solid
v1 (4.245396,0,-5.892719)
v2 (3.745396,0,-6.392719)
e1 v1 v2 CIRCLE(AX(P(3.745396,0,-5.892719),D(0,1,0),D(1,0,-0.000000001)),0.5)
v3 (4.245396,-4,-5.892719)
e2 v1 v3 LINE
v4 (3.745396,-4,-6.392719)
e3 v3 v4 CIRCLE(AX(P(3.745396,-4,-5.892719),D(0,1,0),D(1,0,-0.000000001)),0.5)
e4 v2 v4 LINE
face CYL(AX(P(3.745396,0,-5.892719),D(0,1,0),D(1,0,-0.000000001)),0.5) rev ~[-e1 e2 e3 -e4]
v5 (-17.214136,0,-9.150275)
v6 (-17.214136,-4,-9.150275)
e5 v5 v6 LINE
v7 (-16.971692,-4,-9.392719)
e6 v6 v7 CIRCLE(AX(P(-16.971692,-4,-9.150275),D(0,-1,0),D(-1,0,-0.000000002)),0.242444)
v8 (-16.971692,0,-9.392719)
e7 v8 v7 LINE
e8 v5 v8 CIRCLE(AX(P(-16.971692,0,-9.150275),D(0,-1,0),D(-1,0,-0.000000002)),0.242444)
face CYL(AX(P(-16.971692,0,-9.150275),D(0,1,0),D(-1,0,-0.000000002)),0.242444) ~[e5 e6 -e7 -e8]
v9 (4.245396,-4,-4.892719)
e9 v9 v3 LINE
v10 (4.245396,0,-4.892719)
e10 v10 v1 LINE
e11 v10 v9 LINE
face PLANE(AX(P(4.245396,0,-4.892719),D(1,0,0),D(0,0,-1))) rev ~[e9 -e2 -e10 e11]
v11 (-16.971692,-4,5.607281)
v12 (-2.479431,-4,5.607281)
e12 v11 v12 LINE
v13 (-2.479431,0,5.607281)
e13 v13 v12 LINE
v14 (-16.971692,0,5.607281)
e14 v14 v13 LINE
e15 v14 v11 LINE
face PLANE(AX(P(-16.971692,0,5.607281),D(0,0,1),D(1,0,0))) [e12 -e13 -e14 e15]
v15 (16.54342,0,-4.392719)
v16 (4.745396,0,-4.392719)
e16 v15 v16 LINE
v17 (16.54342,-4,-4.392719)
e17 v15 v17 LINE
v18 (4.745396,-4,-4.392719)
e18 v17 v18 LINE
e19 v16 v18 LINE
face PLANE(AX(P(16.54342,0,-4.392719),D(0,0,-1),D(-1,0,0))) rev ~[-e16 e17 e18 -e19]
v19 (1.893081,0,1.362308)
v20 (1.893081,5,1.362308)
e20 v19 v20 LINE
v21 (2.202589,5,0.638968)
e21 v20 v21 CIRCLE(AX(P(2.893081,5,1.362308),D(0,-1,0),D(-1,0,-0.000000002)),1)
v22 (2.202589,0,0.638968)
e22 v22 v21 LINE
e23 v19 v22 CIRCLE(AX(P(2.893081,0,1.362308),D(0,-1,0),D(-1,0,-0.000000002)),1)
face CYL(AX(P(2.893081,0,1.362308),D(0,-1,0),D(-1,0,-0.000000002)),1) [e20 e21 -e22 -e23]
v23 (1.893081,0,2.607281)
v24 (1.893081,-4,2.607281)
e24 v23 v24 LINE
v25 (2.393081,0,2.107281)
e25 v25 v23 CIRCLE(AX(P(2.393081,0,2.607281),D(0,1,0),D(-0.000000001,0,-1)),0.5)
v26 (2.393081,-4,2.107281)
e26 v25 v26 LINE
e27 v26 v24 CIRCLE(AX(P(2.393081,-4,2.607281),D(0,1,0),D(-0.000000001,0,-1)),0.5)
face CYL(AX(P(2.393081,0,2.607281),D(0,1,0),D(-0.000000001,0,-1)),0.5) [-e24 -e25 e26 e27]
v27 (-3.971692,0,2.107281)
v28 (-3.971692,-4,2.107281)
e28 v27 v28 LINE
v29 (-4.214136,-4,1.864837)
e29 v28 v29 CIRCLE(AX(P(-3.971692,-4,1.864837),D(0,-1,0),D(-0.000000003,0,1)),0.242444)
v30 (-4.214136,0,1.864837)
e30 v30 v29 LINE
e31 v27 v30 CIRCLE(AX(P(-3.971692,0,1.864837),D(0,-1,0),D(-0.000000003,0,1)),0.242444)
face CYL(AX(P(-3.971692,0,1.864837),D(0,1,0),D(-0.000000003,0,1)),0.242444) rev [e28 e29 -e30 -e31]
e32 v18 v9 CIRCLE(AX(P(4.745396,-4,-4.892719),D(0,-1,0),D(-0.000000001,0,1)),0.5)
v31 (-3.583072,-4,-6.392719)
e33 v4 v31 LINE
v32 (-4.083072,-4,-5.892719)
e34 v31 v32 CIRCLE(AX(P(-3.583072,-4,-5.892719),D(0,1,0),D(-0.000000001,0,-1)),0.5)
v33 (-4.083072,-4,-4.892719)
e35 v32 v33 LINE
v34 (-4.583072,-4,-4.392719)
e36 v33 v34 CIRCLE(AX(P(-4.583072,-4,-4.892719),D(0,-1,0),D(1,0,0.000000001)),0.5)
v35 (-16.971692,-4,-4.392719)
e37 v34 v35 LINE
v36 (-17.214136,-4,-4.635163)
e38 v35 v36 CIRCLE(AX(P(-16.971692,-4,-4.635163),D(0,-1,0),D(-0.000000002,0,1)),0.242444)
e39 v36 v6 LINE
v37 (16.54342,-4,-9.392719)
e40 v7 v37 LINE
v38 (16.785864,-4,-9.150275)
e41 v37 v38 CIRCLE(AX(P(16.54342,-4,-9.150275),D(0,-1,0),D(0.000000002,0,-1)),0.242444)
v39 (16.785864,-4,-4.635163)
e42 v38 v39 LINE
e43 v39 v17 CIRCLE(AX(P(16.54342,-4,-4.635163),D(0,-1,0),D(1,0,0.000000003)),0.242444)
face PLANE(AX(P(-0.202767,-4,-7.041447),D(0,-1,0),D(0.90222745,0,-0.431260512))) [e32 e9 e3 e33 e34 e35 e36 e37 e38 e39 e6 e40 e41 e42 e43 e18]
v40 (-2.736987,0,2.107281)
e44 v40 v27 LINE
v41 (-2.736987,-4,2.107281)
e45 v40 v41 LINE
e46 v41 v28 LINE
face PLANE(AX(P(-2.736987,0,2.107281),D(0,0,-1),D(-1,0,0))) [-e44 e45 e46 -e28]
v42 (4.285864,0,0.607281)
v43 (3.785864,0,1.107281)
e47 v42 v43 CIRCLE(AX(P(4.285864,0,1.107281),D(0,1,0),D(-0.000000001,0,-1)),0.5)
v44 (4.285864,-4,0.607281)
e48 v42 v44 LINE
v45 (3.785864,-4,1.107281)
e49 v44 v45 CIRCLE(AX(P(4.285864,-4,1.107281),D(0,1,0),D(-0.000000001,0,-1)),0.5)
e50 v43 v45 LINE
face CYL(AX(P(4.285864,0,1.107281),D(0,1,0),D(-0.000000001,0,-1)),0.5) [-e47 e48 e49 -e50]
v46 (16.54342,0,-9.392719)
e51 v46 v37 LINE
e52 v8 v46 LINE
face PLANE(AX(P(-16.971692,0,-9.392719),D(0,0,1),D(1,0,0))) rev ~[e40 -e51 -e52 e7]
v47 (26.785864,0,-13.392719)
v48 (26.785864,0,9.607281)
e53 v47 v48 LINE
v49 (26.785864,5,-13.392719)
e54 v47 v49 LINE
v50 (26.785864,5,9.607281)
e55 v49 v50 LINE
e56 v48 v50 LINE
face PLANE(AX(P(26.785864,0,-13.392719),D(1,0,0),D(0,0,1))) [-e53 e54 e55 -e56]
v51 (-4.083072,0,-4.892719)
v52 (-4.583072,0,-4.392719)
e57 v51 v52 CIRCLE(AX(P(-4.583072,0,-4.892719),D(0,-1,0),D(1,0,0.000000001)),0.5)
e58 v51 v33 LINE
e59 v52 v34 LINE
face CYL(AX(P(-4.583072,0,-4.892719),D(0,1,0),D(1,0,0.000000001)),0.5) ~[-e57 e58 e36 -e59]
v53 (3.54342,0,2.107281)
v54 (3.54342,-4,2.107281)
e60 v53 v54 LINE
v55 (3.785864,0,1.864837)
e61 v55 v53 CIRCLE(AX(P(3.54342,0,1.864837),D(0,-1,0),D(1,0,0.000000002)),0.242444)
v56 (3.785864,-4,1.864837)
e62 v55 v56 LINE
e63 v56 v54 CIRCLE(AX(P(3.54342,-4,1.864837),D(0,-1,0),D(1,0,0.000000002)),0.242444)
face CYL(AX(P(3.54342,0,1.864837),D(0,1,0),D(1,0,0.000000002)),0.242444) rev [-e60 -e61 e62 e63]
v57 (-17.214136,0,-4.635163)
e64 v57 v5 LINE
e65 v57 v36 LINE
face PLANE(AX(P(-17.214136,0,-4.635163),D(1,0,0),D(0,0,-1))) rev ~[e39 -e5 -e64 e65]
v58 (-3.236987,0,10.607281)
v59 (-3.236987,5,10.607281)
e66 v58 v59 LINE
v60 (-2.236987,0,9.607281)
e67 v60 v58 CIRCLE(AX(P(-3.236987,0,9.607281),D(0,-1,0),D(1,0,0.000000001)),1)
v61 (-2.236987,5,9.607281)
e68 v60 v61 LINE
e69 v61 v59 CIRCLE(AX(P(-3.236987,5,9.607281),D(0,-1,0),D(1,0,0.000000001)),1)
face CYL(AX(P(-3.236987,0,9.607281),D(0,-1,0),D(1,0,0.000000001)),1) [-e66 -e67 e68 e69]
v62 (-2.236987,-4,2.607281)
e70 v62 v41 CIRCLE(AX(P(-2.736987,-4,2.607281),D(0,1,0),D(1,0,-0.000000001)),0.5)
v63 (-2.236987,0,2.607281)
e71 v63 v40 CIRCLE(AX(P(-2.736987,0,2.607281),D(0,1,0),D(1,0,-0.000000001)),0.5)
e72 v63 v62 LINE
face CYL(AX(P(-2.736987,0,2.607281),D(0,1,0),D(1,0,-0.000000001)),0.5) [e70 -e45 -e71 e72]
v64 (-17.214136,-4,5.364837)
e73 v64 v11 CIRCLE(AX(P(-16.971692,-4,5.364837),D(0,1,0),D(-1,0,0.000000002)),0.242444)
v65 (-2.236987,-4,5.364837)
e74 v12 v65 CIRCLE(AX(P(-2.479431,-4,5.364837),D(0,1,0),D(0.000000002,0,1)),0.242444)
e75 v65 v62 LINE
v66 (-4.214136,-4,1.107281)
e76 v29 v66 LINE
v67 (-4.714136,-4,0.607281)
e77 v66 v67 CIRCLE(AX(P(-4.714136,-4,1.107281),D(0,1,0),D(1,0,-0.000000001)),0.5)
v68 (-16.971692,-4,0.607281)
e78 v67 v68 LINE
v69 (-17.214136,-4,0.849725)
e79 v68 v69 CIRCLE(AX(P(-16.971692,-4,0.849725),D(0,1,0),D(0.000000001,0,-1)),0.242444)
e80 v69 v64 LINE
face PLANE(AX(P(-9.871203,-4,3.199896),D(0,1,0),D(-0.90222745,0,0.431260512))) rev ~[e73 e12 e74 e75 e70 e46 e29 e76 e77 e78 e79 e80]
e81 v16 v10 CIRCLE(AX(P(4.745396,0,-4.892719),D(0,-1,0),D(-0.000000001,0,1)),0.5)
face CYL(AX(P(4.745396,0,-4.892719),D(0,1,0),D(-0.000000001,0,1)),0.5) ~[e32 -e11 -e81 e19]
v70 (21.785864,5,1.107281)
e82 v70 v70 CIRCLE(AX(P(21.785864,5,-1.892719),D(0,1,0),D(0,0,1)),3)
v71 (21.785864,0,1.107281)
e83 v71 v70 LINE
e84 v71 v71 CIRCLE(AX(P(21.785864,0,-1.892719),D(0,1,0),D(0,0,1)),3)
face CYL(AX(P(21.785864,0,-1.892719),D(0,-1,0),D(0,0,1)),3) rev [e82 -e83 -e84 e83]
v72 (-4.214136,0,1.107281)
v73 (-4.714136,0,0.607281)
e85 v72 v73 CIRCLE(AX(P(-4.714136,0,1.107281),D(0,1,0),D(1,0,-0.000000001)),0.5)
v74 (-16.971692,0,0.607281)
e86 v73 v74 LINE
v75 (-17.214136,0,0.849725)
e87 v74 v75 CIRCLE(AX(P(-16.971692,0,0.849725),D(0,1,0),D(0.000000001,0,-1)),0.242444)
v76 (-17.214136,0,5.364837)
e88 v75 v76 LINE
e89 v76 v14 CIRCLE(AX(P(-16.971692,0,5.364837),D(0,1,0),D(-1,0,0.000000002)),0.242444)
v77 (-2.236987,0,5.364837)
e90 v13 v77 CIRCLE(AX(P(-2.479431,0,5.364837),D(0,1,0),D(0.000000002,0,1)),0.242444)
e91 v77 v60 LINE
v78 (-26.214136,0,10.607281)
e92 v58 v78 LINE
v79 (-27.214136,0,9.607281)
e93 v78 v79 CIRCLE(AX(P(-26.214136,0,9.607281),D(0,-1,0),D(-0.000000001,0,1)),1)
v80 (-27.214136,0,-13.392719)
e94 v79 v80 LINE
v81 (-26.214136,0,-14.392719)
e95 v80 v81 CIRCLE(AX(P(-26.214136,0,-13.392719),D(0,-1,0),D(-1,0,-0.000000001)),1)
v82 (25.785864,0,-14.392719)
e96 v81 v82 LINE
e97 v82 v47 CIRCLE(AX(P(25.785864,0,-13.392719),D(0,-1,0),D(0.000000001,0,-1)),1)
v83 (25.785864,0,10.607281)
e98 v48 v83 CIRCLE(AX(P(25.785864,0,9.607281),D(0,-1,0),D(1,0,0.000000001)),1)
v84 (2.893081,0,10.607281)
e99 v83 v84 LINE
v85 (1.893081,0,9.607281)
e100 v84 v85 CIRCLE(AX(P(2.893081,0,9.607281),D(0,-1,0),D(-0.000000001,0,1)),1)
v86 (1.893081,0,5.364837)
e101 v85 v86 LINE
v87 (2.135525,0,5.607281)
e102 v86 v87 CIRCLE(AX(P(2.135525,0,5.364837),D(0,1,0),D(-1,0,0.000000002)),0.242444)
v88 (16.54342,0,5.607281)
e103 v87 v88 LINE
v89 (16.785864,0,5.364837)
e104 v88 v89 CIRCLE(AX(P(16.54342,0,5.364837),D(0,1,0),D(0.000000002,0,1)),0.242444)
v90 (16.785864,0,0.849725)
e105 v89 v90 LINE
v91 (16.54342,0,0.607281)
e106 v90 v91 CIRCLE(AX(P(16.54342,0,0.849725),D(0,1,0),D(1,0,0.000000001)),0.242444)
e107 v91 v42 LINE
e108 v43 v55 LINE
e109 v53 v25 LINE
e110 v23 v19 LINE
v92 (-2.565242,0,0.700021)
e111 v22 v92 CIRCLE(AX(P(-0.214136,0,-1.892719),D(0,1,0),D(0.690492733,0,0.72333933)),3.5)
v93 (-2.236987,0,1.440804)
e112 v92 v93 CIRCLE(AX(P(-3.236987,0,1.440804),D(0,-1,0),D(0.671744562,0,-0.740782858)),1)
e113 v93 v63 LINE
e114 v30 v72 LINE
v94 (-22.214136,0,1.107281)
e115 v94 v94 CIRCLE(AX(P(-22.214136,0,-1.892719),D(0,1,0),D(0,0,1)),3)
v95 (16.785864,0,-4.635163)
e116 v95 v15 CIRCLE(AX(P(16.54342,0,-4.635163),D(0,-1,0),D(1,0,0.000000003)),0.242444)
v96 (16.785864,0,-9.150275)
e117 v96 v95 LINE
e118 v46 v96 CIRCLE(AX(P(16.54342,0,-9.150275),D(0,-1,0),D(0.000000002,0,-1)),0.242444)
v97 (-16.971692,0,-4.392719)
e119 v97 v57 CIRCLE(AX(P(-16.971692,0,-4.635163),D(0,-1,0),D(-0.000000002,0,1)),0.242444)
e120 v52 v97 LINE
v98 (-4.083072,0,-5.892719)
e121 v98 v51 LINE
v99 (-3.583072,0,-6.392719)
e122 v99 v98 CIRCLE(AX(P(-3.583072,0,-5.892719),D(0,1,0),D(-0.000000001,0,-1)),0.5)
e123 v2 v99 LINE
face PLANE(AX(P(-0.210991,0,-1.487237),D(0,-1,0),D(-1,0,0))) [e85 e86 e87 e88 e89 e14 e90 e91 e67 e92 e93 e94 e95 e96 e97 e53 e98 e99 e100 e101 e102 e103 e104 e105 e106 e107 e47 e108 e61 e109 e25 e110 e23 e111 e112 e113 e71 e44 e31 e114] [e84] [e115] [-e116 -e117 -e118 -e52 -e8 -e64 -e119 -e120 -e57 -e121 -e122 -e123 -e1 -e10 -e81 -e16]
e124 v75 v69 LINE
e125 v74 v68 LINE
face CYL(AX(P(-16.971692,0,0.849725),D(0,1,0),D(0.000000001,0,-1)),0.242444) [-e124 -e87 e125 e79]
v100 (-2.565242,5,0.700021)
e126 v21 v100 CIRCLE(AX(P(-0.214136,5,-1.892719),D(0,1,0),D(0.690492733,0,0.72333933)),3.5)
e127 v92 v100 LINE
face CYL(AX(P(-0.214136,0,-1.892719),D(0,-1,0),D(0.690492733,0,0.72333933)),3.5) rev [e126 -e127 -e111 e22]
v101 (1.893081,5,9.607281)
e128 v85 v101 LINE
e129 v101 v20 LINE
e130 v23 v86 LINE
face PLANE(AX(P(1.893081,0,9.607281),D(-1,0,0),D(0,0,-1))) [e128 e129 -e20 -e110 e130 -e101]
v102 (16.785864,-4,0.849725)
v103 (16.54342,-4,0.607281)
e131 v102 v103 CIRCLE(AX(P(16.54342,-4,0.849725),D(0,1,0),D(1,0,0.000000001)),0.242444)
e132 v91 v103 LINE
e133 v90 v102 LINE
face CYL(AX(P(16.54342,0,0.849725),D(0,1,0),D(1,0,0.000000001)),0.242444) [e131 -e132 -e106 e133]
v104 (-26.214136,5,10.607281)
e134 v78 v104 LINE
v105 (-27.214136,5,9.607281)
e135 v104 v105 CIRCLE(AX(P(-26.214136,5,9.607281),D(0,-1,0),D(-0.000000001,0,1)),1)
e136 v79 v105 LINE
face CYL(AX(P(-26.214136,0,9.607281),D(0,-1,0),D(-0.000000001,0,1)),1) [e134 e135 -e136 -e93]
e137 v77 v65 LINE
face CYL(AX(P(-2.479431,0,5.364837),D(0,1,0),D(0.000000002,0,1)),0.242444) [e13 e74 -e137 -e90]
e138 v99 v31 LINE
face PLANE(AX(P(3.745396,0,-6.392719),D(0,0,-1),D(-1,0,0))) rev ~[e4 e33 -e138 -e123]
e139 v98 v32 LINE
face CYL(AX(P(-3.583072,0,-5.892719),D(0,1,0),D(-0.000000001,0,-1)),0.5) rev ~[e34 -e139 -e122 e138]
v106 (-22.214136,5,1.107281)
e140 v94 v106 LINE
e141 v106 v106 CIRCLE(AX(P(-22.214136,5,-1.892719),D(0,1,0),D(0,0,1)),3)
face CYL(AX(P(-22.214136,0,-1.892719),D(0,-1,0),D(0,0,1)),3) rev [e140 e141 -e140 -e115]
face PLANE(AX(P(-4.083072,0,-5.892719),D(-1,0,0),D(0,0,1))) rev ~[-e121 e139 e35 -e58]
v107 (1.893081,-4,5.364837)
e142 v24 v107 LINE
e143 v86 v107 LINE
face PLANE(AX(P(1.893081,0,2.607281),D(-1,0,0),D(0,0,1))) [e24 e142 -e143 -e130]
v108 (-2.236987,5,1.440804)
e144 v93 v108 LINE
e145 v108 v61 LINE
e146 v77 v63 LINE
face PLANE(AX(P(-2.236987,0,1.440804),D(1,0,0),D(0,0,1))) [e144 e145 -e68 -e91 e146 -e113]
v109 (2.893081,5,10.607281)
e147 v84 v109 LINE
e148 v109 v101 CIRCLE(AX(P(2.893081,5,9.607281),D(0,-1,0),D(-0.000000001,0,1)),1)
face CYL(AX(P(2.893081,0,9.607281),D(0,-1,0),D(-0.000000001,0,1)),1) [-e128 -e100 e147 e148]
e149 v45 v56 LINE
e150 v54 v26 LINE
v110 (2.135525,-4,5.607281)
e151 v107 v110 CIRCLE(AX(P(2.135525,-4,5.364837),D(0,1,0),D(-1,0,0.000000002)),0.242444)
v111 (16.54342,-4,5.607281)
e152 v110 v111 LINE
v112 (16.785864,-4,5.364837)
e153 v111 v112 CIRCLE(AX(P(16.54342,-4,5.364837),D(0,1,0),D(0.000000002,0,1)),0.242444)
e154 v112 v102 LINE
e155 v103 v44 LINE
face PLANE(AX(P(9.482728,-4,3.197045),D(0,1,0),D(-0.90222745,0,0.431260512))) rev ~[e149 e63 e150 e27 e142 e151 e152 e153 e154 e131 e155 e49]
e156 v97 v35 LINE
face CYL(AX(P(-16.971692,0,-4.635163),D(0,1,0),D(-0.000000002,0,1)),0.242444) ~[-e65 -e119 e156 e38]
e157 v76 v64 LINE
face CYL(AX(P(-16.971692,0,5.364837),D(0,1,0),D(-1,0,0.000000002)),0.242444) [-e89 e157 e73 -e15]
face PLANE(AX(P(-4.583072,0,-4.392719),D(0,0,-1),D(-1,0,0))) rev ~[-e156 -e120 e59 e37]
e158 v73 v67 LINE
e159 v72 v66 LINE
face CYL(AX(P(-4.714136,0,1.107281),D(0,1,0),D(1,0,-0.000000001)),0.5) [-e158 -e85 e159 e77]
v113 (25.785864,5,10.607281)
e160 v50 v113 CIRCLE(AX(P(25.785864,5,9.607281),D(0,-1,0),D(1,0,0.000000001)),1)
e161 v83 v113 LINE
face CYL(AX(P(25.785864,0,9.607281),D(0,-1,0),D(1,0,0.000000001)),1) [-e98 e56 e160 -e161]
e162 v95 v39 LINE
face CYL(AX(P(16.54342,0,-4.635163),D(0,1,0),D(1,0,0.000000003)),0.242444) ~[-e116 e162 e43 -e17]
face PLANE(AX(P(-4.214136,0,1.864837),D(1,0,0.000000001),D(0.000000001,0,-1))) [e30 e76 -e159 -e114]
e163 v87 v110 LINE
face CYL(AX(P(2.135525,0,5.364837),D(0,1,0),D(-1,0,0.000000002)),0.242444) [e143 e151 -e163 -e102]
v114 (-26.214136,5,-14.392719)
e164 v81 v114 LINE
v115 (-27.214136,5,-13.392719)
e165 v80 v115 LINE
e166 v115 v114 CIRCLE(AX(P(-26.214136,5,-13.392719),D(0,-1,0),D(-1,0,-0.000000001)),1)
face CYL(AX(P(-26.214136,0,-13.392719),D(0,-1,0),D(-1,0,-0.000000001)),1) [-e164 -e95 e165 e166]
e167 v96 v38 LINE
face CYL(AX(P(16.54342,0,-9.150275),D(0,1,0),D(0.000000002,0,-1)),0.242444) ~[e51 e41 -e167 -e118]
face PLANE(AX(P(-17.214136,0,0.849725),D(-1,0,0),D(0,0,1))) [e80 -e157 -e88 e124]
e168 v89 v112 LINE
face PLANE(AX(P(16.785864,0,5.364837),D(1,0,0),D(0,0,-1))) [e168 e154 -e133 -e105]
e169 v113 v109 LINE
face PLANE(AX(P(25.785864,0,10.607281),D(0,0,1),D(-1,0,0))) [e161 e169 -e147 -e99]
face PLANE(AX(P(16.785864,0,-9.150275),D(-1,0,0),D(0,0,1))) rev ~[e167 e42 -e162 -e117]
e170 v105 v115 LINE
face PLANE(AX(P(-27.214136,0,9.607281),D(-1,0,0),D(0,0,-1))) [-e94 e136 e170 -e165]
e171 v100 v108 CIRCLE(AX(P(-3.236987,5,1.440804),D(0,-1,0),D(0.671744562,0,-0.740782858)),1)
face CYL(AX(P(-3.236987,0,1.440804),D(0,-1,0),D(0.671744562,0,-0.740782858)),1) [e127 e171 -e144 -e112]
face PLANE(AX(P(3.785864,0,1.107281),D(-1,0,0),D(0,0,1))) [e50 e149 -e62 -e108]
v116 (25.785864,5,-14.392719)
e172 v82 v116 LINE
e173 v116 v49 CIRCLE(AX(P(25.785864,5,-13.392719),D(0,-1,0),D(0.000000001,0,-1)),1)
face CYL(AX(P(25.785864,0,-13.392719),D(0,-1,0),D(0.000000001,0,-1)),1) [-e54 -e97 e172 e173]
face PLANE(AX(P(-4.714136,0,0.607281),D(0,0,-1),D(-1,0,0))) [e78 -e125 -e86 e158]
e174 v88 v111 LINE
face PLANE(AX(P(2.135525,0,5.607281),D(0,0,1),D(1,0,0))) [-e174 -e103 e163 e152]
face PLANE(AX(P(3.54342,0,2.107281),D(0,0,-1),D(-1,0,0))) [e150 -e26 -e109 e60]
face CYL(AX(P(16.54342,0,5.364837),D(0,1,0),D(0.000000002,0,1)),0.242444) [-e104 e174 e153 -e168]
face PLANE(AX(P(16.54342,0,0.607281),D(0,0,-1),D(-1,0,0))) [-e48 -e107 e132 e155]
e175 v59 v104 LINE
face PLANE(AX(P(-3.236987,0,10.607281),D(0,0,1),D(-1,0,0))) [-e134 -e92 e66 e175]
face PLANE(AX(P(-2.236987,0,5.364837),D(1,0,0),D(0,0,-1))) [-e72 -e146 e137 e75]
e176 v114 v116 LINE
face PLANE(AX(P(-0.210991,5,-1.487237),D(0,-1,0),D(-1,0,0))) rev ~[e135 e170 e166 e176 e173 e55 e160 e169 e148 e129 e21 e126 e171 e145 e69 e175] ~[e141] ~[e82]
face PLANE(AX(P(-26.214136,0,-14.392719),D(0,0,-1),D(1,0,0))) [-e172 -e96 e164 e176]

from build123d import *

# Parameters (mm, degrees)
SKETCH1_R           = 3
BOSS_EXTRUDE1_DEPTH = 5
BOSS_EXTRUDE2_DEPTH = 4


with BuildPart() as part:
    # Sketch1 → Boss-Extrude1 (new body)
    with BuildSketch(Plane(origin=(0, 0, 0), x_dir=(1, 0, 0), z_dir=(0, 1, 0))):
        with BuildLine():
            Line((-26.214135995, 14.392719194), (25.785864005, 14.392719194))
            ThreePointArc((25.785864005, 14.392719194), (26.492970786, 14.099825975), (26.785864005, 13.392719194))
            Line((26.785864005, 13.392719194), (26.785864005, -9.607280806))
            ThreePointArc((26.785864005, -9.607280806), (26.492970786, -10.314387587), (25.785864005, -10.607280806))
            Line((25.785864005, -10.607280806), (2.893081301, -10.607280806))
            ThreePointArc((2.893081301, -10.607280806), (2.18597452, -10.314387587), (1.893081301, -9.607280806))
            Line((1.893081301, -9.607280806), (1.893081301, -1.362307791))
            ThreePointArc((1.893081301, -1.362307791), (1.97370849, -0.968920407), (2.202588568, -0.638968461))
            ThreePointArc((2.202588568, -0.638968461), (-0.258950026, 5.392432282), (-2.565241962, -0.700020811))
            ThreePointArc((-2.565241962, -0.700020811), (-2.322726014, -1.035676875), (-2.236986524, -1.440803669))
            Line((-2.236986524, -1.440803669), (-2.236986524, -9.607280806))
            ThreePointArc((-2.236986524, -9.607280806), (-2.529879743, -10.314387587), (-3.236986524, -10.607280806))
            Line((-3.236986524, -10.607280806), (-26.214135995, -10.607280806))
            ThreePointArc((-26.214135995, -10.607280806), (-26.921242776, -10.314387587), (-27.214135995, -9.607280806))
            Line((-27.214135995, -9.607280806), (-27.214135995, 13.392719194))
            ThreePointArc((-27.214135995, 13.392719194), (-26.921242776, 14.099825975), (-26.214135995, 14.392719194))
        make_face()
        with Locations(Location((-22.214135995, 1.892719194, 0), (0, 0, 270))):
            Circle(SKETCH1_R, mode=Mode.SUBTRACT)
        with Locations(Location((21.785864005, 1.892719194, 0), (0, 0, 270))):
            Circle(SKETCH1_R, mode=Mode.SUBTRACT)
    extrude(amount=BOSS_EXTRUDE1_DEPTH)

    # 3DSketch1 → Boss-Extrude2 (add)
    with BuildSketch(Plane(origin=(4.245395627, 0, -4.892719194), x_dir=(-0.9022274497491443, 0, 0.43126051166221485), z_dir=(0, 1, 0))):
        with BuildLine():
            Line((0, 0), (-0.431260512, -0.90222745))
            ThreePointArc((-0.431260512, -0.90222745), (-0.451605977, -1.284369663), (-0.195777043, -1.56897143))
            Line((-0.195777043, -1.56897143), (6.416167911, -4.72945027))
            ThreePointArc((6.416167911, -4.72945027), (6.798310124, -4.749795735), (7.082911891, -4.493966801))
            Line((7.082911891, -4.493966801), (7.514172403, -3.591739351))
            ThreePointArc((7.514172403, -3.591739351), (7.79877417, -3.335910417), (8.180916384, -3.356255882))
            Line((8.180916384, -3.356255882), (19.358269109, -8.698978337))
            ThreePointArc((19.358269109, -8.698978337), (19.482317491, -8.836978321), (19.472452219, -9.022274497))
            Line((19.472452219, -9.022274497), (17.525262711, -13.095932476))
            ThreePointArc((17.525262711, -13.095932476), (17.387262727, -13.219980858), (17.201966551, -13.210115586))
            Line((17.201966551, -13.210115586), (-13.036287471, 1.24362876))
            ThreePointArc((-13.036287471, 1.24362876), (-13.160335853, 1.381628744), (-13.150470581, 1.56692492))
            Line((-13.150470581, 1.56692492), (-11.203281073, 5.640582899))
            ThreePointArc((-11.203281073, 5.640582899), (-11.065281089, 5.764631281), (-10.879984912, 5.754766009))
            Line((-10.879984912, 5.754766009), (-0.235483469, 0.666743981))
            ThreePointArc((-0.235483469, 0.666743981), (0.020345465, 0.382142214), (0, 0))
        make_face()
        with BuildLine():
            Line((-8.723682354, 10.265903258), (2.335421133, 4.979703387))
            ThreePointArc((2.335421133, 4.979703387), (2.717563346, 4.959357922), (3.002165113, 5.215186856))
            Line((3.002165113, 5.215186856), (3.3288691, 5.898674671))
            ThreePointArc((3.3288691, 5.898674671), (3.466869084, 6.022723053), (3.65216526, 6.012857781))
            Line((3.65216526, 6.012857781), (4.690032412, 5.516762124))
            ThreePointArc((4.690032412, 5.516762124), (5.072174626, 5.496416659), (5.356776393, 5.752245593))
            Line((5.356776393, 5.752245593), (6.546001403, 8.240188308))
            ThreePointArc((6.546001403, 8.240188308), (6.555866675, 8.425484484), (6.431818293, 8.563484468))
            Line((6.431818293, 8.563484468), (-6.567379796, 14.777040507))
            ThreePointArc((-6.567379796, 14.777040507), (-6.752675972, 14.786905779), (-6.890675956, 14.662857397))
            Line((-6.890675956, 14.662857397), (-8.837865464, 10.589199418))
            ThreePointArc((-8.837865464, 10.589199418), (-8.847730736, 10.403903241), (-8.723682354, 10.265903258))
        make_face()
        with BuildLine():
            Line((21.837867827, -4.073657979), (23.785057336, 0))
            ThreePointArc((23.785057336, 0), (23.794922608, 0.185296176), (23.670874226, 0.32329616))
            Line((23.670874226, 0.32329616), (10.595558124, 6.573236254))
            ThreePointArc((10.595558124, 6.573236254), (10.410261948, 6.583101526), (10.272261964, 6.459053144))
            Line((10.272261964, 6.459053144), (9.083036954, 3.97111043))
            ThreePointArc((9.083036954, 3.97111043), (9.062691489, 3.588968216), (9.318520423, 3.304366449))
            Line((9.318520423, 3.304366449), (10.432505588, 2.771886738))
            ThreePointArc((10.432505588, 2.771886738), (10.55655397, 2.633886754), (10.546688698, 2.448590577))
            Line((10.546688698, 2.448590577), (10.219984711, 1.765102763))
            ThreePointArc((10.219984711, 1.765102763), (10.199639246, 1.382960549), (10.45546818, 1.098358782))
            Line((10.45546818, 1.098358782), (21.514571667, -4.187841089))
            ThreePointArc((21.514571667, -4.187841089), (21.699867844, -4.197706361), (21.837867827, -4.073657979))
        make_face()
    extrude(amount=-BOSS_EXTRUDE2_DEPTH)


solid = part.part
